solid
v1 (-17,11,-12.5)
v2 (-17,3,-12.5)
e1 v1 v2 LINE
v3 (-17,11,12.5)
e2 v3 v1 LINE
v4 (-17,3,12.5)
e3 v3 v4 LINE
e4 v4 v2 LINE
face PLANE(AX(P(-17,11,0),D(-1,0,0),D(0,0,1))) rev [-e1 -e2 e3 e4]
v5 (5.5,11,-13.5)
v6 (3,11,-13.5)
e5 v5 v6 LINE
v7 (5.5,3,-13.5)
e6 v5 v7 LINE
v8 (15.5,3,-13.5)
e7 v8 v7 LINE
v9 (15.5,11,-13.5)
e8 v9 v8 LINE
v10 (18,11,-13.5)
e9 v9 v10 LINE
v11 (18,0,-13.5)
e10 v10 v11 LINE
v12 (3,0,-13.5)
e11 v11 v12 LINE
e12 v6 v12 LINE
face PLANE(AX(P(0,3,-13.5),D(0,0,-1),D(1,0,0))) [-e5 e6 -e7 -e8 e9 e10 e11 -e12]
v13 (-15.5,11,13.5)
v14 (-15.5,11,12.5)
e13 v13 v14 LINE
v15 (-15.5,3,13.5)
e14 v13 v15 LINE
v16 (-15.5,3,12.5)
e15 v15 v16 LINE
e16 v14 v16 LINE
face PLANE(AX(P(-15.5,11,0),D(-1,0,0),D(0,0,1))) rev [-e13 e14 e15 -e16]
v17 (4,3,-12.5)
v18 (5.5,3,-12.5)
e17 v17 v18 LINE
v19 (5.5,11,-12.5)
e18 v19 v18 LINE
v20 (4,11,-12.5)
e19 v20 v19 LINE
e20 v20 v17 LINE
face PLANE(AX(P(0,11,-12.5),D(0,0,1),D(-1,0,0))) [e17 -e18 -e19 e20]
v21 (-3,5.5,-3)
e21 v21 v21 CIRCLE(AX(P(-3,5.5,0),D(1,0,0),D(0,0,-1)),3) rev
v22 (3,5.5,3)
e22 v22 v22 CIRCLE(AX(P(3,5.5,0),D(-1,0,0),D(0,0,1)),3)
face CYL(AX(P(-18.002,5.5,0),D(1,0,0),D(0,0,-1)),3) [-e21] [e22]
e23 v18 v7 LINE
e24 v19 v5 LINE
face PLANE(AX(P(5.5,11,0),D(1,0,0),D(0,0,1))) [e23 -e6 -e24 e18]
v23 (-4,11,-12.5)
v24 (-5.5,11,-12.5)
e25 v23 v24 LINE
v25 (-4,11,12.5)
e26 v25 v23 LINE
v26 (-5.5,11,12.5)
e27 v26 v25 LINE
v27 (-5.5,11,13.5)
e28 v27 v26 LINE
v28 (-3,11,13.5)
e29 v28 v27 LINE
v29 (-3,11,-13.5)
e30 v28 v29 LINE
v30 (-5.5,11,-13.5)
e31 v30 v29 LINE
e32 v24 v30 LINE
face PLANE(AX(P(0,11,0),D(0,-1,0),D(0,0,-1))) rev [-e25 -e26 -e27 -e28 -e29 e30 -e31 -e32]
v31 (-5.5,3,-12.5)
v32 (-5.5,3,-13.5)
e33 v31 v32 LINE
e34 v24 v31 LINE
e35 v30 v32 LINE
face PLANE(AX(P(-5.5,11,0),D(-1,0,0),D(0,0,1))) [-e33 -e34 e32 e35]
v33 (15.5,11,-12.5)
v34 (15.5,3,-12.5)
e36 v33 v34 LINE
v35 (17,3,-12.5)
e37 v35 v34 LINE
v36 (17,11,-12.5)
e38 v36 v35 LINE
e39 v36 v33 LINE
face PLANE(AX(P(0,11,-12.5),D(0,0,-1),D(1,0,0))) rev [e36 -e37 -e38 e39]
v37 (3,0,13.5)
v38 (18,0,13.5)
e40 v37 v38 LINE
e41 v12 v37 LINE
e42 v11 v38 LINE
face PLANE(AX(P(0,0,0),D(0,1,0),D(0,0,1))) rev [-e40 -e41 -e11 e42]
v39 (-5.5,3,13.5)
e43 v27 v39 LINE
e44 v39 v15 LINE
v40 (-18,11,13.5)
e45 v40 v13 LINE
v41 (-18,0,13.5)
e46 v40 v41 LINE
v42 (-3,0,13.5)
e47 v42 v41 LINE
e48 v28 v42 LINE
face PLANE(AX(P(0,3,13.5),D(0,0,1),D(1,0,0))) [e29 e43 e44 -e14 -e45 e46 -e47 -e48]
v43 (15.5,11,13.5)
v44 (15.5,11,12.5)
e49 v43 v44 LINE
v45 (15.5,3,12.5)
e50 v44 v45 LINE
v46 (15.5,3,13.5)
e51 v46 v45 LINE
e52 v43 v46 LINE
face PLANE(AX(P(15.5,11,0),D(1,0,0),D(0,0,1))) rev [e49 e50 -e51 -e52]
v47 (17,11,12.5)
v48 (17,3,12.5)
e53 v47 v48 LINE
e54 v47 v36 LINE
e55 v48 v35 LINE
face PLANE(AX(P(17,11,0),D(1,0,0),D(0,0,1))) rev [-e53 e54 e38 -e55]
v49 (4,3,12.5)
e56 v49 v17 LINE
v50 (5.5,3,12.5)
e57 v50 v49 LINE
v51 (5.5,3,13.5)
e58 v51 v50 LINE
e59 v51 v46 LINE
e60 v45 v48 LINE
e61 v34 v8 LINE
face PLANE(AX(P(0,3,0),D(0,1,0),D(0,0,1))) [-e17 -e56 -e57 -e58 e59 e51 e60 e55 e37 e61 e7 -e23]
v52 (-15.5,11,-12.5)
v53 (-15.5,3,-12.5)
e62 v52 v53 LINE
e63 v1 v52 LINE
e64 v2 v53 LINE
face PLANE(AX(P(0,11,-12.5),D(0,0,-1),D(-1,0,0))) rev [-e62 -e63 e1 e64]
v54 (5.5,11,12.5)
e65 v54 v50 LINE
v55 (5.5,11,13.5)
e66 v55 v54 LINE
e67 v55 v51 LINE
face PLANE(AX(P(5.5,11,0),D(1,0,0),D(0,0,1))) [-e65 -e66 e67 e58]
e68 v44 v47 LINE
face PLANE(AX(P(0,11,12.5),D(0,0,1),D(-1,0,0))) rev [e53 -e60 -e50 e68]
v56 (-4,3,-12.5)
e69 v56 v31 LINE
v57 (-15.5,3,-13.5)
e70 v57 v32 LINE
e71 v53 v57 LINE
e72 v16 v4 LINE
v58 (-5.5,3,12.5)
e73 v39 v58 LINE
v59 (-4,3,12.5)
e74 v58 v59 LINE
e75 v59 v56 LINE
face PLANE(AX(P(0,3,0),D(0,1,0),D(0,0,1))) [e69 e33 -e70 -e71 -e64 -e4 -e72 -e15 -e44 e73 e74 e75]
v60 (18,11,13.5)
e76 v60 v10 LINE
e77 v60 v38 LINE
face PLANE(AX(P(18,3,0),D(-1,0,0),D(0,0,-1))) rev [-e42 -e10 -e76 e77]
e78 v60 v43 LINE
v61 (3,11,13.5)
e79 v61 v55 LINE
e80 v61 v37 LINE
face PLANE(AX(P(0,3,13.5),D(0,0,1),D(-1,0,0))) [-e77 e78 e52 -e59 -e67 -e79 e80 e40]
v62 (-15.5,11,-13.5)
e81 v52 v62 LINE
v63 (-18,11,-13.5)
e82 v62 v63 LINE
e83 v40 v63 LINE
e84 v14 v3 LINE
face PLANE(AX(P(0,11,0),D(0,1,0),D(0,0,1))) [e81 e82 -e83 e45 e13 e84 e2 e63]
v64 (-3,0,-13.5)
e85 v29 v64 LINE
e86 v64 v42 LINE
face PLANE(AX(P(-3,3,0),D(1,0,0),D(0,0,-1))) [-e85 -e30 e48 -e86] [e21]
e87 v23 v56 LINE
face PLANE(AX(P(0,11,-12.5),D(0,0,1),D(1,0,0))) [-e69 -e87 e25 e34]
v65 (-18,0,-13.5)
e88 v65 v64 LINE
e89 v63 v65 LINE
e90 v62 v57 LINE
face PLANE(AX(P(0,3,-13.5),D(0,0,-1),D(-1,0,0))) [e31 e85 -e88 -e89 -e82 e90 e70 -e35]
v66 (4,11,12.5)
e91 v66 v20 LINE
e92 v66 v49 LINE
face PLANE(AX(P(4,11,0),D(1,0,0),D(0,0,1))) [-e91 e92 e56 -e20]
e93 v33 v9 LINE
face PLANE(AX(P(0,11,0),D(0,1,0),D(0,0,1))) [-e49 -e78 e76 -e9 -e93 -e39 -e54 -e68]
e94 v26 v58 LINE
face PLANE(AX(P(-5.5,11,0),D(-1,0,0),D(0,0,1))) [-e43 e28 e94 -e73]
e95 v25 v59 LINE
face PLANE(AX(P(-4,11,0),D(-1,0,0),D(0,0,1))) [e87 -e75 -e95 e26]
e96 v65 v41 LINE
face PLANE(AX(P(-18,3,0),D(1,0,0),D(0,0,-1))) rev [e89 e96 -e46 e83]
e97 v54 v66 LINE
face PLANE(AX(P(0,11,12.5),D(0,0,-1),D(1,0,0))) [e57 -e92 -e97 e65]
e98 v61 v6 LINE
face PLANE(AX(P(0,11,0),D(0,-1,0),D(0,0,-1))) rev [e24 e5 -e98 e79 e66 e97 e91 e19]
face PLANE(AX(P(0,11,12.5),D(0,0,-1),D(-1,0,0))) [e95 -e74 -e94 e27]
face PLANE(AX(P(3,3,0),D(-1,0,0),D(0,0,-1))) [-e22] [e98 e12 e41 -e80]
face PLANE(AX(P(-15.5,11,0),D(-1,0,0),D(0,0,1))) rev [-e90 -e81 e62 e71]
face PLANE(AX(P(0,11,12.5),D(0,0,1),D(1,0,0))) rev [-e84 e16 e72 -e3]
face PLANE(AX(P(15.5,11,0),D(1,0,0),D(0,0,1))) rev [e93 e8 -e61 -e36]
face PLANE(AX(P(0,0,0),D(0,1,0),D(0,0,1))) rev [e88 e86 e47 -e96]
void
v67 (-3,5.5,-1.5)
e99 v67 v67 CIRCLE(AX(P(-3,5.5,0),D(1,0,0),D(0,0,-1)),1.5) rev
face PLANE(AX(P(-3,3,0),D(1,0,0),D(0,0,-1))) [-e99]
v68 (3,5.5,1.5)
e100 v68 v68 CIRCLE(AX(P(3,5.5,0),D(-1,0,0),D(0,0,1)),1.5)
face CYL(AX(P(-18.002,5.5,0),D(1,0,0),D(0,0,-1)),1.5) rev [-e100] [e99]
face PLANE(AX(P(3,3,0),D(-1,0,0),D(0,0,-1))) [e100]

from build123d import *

# Parameters (mm, degrees)
BASE_REFERENCE_SKETCH_W = 15
BASE_REFERENCE_SKETCH_H = 27
BASE_EXTRUDE_DEPTH      = 3
BOSS_EXTRUDE2_START     = 3
BOSS_EXTRUDE2_DEPTH     = 8
BOSS_EXTRUDE4_START     = -3
SKETCH1_R               = 3
SKETCH1_R_2             = 1.5
BOSS_EXTRUDE4_DEPTH     = 6


with BuildPart() as part:
    # Base Reference Sketch → Base Extrude (new body)
    with BuildSketch(Plane(origin=(0, 0, 0), x_dir=(1, 0, 0), z_dir=(0, 1, 0))):
        with Locations((-10.5, 0)):
            Rectangle(BASE_REFERENCE_SKETCH_W, BASE_REFERENCE_SKETCH_H)
    extrude(amount=BASE_EXTRUDE_DEPTH)

    # Base Reference Sketch<5> → Boss-Extrude2 (add)
    with BuildSketch(Plane(origin=(0, 0, 0), x_dir=(1, 0, 0), z_dir=(0, 1, 0)).offset(BOSS_EXTRUDE2_START)):
        Polygon((-18, 13.5), (-15.5, 13.5), (-15.5, 12.5), (-17, 12.5), (-17, -12.5), (-15.5, -12.5), (-15.5, -13.5), (-18, -13.5), align=None)
        Polygon((-4, 12.5), (-4, -12.5), (-5.5, -12.5), (-5.5, -13.5), (-3, -13.5), (-3, 13.5), (-5.5, 13.5), (-5.5, 12.5), align=None)
    extrude(amount=BOSS_EXTRUDE2_DEPTH)


with BuildPart() as body_2:
    # Mirror2: mirrored copy
    add(part.part.mirror(Plane(origin=(0, 0, 0), x_dir=(0, 0, 1), z_dir=(1, 0, 0))))


with BuildPart() as part_1:
    add(part.part)

    add(body_2.part)  # Boss-Extrude4 merges body 2
    # Sketch1 → Boss-Extrude4 (add)
    with BuildSketch(Plane(origin=(0, 0, 0), x_dir=(0, 0, -1), z_dir=(1, 0, 0)).offset(BOSS_EXTRUDE4_START)):
        with Locations((0, 5.5)):
            Circle(SKETCH1_R)
        with Locations((0, 5.5)):
            Circle(SKETCH1_R_2, mode=Mode.SUBTRACT)
    extrude(amount=BOSS_EXTRUDE4_DEPTH)


solid = part_1.part
